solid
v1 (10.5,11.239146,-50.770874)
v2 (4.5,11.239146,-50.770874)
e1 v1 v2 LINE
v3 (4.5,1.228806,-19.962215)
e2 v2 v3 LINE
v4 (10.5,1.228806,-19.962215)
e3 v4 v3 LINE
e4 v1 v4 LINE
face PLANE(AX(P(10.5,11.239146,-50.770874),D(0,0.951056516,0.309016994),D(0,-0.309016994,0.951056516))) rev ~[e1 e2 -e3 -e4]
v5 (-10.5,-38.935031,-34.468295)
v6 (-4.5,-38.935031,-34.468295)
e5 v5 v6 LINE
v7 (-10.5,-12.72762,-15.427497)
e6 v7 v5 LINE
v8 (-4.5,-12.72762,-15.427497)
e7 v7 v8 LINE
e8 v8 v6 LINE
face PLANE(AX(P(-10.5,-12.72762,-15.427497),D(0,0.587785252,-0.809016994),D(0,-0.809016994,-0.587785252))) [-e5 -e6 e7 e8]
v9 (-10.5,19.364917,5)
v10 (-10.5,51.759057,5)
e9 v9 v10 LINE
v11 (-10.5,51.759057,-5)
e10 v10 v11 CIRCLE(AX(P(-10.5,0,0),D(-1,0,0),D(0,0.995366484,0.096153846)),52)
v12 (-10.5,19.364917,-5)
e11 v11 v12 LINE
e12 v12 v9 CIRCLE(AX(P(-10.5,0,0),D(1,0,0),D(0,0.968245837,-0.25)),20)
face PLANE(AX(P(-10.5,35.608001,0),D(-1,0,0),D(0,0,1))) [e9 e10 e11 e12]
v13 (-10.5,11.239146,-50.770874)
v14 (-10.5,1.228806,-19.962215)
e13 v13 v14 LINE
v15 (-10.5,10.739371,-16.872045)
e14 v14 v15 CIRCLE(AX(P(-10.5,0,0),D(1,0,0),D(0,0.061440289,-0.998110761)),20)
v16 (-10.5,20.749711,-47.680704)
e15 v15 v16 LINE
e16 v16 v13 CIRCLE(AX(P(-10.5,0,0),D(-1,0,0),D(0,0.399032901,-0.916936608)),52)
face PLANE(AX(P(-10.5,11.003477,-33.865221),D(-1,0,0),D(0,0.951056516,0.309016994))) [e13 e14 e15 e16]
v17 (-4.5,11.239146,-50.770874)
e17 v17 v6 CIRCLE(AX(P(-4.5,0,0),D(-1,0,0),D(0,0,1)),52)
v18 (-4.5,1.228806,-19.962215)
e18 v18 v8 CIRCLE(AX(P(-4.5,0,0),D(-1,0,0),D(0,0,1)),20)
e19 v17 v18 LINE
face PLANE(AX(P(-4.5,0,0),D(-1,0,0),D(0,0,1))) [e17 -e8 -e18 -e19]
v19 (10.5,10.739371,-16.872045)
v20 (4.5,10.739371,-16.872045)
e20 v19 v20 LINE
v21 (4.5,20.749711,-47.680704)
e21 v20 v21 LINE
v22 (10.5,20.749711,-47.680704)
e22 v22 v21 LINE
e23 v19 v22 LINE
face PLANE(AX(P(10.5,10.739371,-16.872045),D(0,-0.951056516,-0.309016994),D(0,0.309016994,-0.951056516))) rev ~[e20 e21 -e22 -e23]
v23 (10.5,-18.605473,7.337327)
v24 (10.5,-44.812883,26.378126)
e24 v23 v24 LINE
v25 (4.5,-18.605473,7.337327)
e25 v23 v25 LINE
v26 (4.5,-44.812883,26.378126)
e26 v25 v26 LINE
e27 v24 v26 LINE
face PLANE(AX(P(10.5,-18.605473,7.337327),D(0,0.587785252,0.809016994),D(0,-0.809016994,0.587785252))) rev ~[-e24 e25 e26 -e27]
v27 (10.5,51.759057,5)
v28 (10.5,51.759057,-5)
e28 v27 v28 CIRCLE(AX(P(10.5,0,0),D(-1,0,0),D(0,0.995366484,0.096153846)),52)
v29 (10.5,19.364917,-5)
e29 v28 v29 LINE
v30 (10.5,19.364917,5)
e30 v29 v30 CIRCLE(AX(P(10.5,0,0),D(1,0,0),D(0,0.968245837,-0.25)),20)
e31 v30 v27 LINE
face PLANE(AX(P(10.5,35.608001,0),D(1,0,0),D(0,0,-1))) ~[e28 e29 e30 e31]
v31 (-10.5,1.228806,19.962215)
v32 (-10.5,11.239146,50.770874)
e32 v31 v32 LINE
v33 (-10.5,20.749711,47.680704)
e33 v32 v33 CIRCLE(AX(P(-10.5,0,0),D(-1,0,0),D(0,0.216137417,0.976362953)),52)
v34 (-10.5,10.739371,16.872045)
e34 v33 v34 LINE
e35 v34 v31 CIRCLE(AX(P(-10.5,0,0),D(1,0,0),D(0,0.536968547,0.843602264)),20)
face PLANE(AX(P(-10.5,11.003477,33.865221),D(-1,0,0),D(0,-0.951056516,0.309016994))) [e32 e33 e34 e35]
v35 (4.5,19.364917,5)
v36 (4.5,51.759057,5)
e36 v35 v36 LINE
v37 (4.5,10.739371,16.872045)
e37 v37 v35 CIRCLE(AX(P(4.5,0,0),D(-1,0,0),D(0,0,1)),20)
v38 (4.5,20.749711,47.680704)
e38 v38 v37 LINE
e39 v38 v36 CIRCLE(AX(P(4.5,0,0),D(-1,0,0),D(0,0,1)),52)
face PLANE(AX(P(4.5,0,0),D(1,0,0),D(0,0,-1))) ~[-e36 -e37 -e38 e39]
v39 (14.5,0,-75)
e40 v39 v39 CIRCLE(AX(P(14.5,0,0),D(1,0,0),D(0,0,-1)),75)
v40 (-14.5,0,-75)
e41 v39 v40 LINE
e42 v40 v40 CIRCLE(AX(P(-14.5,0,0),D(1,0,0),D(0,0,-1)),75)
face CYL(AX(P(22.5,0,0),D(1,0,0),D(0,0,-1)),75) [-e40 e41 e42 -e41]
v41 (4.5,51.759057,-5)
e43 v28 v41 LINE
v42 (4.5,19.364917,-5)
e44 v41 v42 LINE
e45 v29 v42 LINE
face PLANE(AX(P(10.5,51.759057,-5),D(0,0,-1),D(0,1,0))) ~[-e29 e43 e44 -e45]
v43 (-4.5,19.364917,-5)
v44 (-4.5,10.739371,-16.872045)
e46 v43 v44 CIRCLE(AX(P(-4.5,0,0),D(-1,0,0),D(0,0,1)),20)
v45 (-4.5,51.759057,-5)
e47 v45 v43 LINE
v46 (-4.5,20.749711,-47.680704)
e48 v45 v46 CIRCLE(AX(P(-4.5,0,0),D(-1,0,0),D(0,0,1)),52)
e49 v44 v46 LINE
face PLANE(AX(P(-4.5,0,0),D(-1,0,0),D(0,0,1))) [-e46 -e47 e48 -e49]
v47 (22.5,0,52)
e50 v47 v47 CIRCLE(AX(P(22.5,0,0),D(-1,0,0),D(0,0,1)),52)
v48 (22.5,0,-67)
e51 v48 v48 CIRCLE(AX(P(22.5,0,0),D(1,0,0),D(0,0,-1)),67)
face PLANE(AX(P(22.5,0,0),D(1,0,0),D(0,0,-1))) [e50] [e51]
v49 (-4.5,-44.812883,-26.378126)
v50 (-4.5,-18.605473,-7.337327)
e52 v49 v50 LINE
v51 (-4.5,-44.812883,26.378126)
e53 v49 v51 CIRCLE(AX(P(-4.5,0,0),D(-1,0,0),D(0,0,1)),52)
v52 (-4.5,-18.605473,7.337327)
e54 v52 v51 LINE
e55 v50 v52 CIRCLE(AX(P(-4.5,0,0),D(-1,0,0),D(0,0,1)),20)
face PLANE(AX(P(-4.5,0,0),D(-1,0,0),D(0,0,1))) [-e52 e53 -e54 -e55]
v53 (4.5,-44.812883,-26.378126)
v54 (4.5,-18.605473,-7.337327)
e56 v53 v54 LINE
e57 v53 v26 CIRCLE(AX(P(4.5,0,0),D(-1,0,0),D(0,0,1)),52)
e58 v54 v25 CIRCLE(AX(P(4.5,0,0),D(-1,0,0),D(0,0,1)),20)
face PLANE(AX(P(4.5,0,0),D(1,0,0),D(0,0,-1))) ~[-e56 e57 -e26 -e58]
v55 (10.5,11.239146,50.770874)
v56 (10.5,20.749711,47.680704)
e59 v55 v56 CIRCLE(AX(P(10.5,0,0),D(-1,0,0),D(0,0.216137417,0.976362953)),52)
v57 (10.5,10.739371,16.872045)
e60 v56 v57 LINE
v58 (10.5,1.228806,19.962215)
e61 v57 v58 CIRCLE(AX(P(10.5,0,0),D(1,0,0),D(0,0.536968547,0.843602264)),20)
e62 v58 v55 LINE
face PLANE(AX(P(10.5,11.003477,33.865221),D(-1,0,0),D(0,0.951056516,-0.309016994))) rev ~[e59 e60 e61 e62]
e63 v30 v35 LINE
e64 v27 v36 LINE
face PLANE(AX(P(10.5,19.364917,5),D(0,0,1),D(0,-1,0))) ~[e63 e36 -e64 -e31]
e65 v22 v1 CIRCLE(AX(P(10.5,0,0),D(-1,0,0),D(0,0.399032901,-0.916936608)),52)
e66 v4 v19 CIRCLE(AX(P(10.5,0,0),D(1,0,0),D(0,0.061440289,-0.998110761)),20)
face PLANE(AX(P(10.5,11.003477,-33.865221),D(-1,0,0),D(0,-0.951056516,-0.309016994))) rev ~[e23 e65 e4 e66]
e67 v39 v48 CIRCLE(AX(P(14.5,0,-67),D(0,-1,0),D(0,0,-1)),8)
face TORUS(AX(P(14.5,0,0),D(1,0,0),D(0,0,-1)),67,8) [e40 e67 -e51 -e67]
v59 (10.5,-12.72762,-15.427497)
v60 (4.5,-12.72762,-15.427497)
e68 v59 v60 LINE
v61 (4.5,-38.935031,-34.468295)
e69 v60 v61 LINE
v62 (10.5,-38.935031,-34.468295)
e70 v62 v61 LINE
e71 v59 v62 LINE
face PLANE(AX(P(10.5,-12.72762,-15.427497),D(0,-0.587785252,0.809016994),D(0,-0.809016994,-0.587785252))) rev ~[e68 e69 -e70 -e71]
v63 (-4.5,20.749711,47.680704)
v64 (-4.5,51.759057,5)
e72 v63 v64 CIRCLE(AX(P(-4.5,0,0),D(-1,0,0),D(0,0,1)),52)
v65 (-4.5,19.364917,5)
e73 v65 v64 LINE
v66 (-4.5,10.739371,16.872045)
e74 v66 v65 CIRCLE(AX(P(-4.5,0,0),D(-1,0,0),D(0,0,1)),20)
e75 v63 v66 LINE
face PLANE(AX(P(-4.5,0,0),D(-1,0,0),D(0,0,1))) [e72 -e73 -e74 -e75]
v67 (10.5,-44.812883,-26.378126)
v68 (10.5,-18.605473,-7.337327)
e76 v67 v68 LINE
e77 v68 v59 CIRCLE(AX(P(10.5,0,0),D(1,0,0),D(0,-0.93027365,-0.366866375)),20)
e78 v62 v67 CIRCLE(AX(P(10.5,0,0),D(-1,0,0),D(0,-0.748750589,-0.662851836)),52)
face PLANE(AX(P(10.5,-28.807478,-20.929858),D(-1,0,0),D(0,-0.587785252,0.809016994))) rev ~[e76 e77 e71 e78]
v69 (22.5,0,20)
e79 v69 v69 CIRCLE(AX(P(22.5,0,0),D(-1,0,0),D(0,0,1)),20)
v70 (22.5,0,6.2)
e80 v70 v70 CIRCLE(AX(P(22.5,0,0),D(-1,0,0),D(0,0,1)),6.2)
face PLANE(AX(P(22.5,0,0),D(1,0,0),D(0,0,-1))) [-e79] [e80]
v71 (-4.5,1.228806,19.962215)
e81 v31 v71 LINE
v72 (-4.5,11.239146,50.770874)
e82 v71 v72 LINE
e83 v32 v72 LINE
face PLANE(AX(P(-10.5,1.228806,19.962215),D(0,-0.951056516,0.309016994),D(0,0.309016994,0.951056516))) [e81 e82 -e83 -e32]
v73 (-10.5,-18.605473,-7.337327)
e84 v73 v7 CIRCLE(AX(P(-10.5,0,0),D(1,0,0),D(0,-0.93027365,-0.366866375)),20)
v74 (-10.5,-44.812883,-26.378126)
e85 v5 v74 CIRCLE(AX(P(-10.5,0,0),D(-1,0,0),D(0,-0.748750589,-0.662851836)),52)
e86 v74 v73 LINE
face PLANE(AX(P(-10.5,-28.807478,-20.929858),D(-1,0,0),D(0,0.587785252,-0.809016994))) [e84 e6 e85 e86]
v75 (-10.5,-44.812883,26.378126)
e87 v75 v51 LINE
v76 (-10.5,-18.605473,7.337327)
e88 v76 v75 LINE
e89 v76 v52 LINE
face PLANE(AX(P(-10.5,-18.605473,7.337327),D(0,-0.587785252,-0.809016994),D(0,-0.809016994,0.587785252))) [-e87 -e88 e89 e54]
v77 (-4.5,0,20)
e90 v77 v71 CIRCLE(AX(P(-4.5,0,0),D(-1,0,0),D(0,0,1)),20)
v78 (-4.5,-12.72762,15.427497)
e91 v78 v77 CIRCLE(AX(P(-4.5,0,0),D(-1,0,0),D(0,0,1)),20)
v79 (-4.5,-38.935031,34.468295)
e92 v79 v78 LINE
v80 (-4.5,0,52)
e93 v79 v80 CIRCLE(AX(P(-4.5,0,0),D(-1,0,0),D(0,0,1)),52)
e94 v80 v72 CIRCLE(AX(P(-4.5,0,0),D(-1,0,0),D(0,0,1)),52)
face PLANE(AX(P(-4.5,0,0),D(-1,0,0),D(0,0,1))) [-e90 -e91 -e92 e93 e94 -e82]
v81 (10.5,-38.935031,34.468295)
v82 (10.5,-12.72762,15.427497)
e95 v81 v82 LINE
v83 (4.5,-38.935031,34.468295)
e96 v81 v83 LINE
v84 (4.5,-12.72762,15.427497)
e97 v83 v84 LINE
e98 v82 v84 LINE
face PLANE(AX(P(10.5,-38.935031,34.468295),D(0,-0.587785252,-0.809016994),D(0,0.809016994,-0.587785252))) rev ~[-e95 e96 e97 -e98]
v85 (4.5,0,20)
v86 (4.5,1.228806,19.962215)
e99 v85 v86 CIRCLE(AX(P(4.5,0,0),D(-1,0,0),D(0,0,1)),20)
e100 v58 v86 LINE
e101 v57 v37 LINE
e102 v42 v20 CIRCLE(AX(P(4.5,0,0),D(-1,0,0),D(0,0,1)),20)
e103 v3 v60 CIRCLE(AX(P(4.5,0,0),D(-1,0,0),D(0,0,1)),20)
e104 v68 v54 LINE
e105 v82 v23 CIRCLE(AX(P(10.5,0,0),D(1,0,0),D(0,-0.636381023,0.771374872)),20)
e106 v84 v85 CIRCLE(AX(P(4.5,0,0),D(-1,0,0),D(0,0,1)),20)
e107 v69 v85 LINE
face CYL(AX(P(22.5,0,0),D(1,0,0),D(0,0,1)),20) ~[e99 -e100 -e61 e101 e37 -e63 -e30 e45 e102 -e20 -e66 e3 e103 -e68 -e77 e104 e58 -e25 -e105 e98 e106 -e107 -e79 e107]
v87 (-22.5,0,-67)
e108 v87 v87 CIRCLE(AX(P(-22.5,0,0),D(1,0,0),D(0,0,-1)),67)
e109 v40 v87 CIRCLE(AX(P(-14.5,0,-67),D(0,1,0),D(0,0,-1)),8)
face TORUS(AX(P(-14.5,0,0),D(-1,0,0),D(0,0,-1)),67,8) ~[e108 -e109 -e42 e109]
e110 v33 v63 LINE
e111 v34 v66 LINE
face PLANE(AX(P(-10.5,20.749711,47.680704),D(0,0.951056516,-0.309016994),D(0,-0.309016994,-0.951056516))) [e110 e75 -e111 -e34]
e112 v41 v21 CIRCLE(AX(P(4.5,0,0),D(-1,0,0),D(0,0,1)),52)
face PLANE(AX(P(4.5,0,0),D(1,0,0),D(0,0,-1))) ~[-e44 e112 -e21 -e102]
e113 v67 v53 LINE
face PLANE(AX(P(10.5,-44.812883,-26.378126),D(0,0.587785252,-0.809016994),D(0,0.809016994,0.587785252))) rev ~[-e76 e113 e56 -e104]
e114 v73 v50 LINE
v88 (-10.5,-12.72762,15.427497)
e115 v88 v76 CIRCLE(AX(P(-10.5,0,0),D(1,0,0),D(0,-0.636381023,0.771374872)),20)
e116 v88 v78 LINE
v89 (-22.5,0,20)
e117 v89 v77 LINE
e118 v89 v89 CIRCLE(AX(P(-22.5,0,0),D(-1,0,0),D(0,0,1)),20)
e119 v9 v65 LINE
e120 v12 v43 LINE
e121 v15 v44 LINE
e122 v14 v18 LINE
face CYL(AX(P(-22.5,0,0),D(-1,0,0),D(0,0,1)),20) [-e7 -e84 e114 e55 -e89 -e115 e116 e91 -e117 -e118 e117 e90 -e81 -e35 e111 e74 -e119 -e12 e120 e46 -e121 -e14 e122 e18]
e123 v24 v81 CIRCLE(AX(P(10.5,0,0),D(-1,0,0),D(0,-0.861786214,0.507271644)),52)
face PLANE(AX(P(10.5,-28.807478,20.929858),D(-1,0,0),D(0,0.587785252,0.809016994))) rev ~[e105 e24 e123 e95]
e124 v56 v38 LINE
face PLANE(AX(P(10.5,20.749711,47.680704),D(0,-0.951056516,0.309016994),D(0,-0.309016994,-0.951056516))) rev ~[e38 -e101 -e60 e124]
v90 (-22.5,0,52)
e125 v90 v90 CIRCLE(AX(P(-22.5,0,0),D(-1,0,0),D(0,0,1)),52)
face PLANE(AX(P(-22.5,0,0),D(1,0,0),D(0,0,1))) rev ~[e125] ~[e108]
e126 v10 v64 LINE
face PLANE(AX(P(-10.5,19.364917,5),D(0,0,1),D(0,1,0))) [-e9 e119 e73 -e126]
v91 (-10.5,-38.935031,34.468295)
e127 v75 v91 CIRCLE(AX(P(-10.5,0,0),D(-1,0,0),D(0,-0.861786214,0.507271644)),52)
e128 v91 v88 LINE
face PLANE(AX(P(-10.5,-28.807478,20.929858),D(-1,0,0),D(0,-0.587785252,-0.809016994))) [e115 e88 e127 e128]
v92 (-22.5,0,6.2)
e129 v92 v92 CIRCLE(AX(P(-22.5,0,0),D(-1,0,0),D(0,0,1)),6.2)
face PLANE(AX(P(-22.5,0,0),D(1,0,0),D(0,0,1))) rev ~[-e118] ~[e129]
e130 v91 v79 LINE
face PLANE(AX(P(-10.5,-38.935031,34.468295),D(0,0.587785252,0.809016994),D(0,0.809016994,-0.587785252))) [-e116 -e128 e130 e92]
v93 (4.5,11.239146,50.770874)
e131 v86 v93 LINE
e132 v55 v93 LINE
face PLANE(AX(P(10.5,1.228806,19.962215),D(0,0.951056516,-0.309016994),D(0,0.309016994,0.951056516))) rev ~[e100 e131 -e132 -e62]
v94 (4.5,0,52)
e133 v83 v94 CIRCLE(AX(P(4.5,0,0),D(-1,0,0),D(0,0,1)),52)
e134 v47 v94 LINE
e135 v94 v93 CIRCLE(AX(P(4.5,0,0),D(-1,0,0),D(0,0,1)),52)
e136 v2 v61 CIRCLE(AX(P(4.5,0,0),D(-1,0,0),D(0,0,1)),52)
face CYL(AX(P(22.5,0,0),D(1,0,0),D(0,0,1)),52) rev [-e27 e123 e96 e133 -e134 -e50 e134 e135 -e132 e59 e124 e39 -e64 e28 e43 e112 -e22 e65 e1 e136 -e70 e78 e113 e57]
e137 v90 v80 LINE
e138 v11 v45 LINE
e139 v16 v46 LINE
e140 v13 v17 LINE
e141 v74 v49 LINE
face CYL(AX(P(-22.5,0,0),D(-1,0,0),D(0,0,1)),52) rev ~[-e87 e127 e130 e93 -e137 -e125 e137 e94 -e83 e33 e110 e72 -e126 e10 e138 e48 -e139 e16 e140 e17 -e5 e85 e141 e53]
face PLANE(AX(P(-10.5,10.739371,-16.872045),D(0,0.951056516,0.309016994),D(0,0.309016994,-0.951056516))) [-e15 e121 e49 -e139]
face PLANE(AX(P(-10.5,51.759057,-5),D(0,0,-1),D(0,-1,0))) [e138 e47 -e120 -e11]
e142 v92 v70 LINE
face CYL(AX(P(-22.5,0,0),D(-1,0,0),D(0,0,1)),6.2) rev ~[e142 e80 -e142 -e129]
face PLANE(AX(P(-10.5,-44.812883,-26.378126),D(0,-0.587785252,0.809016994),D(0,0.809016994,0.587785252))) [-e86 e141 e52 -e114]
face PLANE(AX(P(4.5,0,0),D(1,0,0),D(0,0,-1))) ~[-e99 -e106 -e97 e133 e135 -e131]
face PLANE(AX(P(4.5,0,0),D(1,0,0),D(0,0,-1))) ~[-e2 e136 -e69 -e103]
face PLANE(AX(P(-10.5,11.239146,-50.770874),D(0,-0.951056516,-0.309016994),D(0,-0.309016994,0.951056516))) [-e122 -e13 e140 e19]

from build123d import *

# Parameters (mm, degrees)
SKETCH_1_R               = 60
EXTRUDE_1_DEPTH          = 22.5
SKETCH_2_R               = 75
SKETCH_2_R_2             = 60
EXTRUDE_2_DEPTH          = 45
FILLET_1_R               = 8
SKETCH_3_R               = 52
SKETCH_3_R_2             = 20
CUT_EXTRUDE_1_DEPTH      = 18
SKETCH_4_R               = 6.2
CUT_EXTRUDE_2_DEPTH      = 116.217186348
EXTRUDE_START            = 6
EXTRUDE_3_DEPTH          = 6
PATTERN_CIRCULAR_1_COUNT = 5
MIRROR_START             = 6
MIRROR_2_COPY_1_DEPTH    = 6
MIRROR_2_COPY_2_DEPTH    = 6
MIRROR_2_COPY_3_DEPTH    = 6
MIRROR_2_COPY_4_DEPTH    = 6


with BuildPart() as part:
    # 草图1 → 凸台-拉伸1 (new, symmetric)
    with BuildSketch(Plane(origin=(0, 0, 0), x_dir=(0, 0, -1), z_dir=(1, 0, 0))):
        with Locations(Location((0, 0, 0), (0, 0, 180))):
            Circle(SKETCH_1_R)
    extrude(amount=EXTRUDE_1_DEPTH, both=True)

    # 草图3 → 切除-拉伸1 (cut)
    with BuildSketch(Plane.ZY.offset(22.5)):
        Circle(SKETCH_3_R)
        Circle(SKETCH_3_R_2, mode=Mode.SUBTRACT)
    cut_extrude_1 = extrude(amount=-CUT_EXTRUDE_1_DEPTH, mode=Mode.SUBTRACT)

    # 草图4 → 切除-拉伸2 (cut, through all)
    with BuildSketch(Plane.ZY.offset(22.5)):
        Circle(SKETCH_4_R)
    extrude(amount=-CUT_EXTRUDE_2_DEPTH, mode=Mode.SUBTRACT)


with BuildPart() as body_2:
    # 草图2 → 凸台-拉伸2 (new body)
    with BuildSketch(Plane(origin=(22.5, 0, 0), x_dir=(0, 0, -1), z_dir=(1, 0, 0))):
        Circle(SKETCH_2_R)
        Circle(SKETCH_2_R_2, mode=Mode.SUBTRACT)
    extrude(amount=-EXTRUDE_2_DEPTH)

    # 圆角1
    fillet_1_edges = [body_2.edges().sort_by_distance(p)[0] for p in [
        (22.5, 0, 75),
        (-22.5, 0, 75),
    ]]
    fillet(fillet_1_edges, radius=FILLET_1_R)


    add(part.part)  # 凸台-拉伸3 merges part
    # 草图5 → 凸台-拉伸3 (add)
    with BuildSketch(Plane.ZY.offset(4.5).offset(EXTRUDE_START)):
        with BuildLine():
            ThreePointArc((5, 51.759057178), (0, 52), (-5, 51.759057178))
            Line((-5, 51.759057178), (-5, 19.364916731))
            ThreePointArc((-5, 19.364916731), (0, 20), (5, 19.364916731))
            Line((5, 19.364916731), (5, 51.759057178))
        make_face()
    extrude_3 = extrude(amount=-EXTRUDE_3_DEPTH)

    # 阵列(圆周)1: 凸台-拉伸3 ×5 about axis
    pattern_circular_1_axis = Axis((0, 0, 0), (1, 0, 0))
    for i in range(1, PATTERN_CIRCULAR_1_COUNT):
        add(extrude_3.rotate(pattern_circular_1_axis, i * 360 / PATTERN_CIRCULAR_1_COUNT))

    # 镜向2: 切除-拉伸1, 凸台-拉伸3 across plane
    add(cut_extrude_1.mirror(Plane(origin=(0, 0, 0), x_dir=(0, 0, 1), z_dir=(1, 0, 0))), mode=Mode.SUBTRACT)
    add(extrude_3.mirror(Plane(origin=(0, 0, 0), x_dir=(0, 0, 1), z_dir=(1, 0, 0))))

    # 镜向2 copy 1 sketch → 镜向2 copy 1 (add)
    with BuildSketch(Plane(origin=(4.5, 0, 0), x_dir=(0, -0.9510565162951535, 0.30901699437494745), z_dir=(1, 0, 0)).offset(MIRROR_START)):
        with BuildLine():
            ThreePointArc((5, -51.759057178), (0, -52), (-5, -51.759057178))
            Line((-5, -51.759057178), (-5, -19.364916731))
            ThreePointArc((-5, -19.364916731), (0, -20), (5, -19.364916731))
            Line((5, -19.364916731), (5, -51.759057178))
        make_face()
    extrude(amount=-MIRROR_2_COPY_1_DEPTH)

    # 镜向2 copy 2 sketch → 镜向2 copy 2 (add)
    with BuildSketch(Plane(origin=(4.5, 0, 0), x_dir=(0, -0.5877852522924732, -0.8090169943749473), z_dir=(1, 0, 0)).offset(MIRROR_START)):
        with BuildLine():
            ThreePointArc((5, -51.759057178), (0, -52), (-5, -51.759057178))
            Line((-5, -51.759057178), (-5, -19.364916731))
            ThreePointArc((-5, -19.364916731), (0, -20), (5, -19.364916731))
            Line((5, -19.364916731), (5, -51.759057178))
        make_face()
    extrude(amount=-MIRROR_2_COPY_2_DEPTH)

    # 镜向2 copy 3 sketch → 镜向2 copy 3 (add)
    with BuildSketch(Plane(origin=(4.5, 0, 0), x_dir=(0, 0.587785252292473, -0.8090169943749476), z_dir=(1, 0, 0)).offset(MIRROR_START)):
        with BuildLine():
            ThreePointArc((5, -51.759057178), (0, -52), (-5, -51.759057178))
            Line((-5, -51.759057178), (-5, -19.364916731))
            ThreePointArc((-5, -19.364916731), (0, -20), (5, -19.364916731))
            Line((5, -19.364916731), (5, -51.759057178))
        make_face()
    extrude(amount=-MIRROR_2_COPY_3_DEPTH)

    # 镜向2 copy 4 sketch → 镜向2 copy 4 (add)
    with BuildSketch(Plane(origin=(4.5, 0, 0), x_dir=(0, 0.9510565162951536, 0.30901699437494723), z_dir=(1, 0, 0)).offset(MIRROR_START)):
        with BuildLine():
            ThreePointArc((5, -51.759057178), (0, -52), (-5, -51.759057178))
            Line((-5, -51.759057178), (-5, -19.364916731))
            ThreePointArc((-5, -19.364916731), (0, -20), (5, -19.364916731))
            Line((5, -19.364916731), (5, -51.759057178))
        make_face()
    extrude(amount=-MIRROR_2_COPY_4_DEPTH)


solid = body_2.part
